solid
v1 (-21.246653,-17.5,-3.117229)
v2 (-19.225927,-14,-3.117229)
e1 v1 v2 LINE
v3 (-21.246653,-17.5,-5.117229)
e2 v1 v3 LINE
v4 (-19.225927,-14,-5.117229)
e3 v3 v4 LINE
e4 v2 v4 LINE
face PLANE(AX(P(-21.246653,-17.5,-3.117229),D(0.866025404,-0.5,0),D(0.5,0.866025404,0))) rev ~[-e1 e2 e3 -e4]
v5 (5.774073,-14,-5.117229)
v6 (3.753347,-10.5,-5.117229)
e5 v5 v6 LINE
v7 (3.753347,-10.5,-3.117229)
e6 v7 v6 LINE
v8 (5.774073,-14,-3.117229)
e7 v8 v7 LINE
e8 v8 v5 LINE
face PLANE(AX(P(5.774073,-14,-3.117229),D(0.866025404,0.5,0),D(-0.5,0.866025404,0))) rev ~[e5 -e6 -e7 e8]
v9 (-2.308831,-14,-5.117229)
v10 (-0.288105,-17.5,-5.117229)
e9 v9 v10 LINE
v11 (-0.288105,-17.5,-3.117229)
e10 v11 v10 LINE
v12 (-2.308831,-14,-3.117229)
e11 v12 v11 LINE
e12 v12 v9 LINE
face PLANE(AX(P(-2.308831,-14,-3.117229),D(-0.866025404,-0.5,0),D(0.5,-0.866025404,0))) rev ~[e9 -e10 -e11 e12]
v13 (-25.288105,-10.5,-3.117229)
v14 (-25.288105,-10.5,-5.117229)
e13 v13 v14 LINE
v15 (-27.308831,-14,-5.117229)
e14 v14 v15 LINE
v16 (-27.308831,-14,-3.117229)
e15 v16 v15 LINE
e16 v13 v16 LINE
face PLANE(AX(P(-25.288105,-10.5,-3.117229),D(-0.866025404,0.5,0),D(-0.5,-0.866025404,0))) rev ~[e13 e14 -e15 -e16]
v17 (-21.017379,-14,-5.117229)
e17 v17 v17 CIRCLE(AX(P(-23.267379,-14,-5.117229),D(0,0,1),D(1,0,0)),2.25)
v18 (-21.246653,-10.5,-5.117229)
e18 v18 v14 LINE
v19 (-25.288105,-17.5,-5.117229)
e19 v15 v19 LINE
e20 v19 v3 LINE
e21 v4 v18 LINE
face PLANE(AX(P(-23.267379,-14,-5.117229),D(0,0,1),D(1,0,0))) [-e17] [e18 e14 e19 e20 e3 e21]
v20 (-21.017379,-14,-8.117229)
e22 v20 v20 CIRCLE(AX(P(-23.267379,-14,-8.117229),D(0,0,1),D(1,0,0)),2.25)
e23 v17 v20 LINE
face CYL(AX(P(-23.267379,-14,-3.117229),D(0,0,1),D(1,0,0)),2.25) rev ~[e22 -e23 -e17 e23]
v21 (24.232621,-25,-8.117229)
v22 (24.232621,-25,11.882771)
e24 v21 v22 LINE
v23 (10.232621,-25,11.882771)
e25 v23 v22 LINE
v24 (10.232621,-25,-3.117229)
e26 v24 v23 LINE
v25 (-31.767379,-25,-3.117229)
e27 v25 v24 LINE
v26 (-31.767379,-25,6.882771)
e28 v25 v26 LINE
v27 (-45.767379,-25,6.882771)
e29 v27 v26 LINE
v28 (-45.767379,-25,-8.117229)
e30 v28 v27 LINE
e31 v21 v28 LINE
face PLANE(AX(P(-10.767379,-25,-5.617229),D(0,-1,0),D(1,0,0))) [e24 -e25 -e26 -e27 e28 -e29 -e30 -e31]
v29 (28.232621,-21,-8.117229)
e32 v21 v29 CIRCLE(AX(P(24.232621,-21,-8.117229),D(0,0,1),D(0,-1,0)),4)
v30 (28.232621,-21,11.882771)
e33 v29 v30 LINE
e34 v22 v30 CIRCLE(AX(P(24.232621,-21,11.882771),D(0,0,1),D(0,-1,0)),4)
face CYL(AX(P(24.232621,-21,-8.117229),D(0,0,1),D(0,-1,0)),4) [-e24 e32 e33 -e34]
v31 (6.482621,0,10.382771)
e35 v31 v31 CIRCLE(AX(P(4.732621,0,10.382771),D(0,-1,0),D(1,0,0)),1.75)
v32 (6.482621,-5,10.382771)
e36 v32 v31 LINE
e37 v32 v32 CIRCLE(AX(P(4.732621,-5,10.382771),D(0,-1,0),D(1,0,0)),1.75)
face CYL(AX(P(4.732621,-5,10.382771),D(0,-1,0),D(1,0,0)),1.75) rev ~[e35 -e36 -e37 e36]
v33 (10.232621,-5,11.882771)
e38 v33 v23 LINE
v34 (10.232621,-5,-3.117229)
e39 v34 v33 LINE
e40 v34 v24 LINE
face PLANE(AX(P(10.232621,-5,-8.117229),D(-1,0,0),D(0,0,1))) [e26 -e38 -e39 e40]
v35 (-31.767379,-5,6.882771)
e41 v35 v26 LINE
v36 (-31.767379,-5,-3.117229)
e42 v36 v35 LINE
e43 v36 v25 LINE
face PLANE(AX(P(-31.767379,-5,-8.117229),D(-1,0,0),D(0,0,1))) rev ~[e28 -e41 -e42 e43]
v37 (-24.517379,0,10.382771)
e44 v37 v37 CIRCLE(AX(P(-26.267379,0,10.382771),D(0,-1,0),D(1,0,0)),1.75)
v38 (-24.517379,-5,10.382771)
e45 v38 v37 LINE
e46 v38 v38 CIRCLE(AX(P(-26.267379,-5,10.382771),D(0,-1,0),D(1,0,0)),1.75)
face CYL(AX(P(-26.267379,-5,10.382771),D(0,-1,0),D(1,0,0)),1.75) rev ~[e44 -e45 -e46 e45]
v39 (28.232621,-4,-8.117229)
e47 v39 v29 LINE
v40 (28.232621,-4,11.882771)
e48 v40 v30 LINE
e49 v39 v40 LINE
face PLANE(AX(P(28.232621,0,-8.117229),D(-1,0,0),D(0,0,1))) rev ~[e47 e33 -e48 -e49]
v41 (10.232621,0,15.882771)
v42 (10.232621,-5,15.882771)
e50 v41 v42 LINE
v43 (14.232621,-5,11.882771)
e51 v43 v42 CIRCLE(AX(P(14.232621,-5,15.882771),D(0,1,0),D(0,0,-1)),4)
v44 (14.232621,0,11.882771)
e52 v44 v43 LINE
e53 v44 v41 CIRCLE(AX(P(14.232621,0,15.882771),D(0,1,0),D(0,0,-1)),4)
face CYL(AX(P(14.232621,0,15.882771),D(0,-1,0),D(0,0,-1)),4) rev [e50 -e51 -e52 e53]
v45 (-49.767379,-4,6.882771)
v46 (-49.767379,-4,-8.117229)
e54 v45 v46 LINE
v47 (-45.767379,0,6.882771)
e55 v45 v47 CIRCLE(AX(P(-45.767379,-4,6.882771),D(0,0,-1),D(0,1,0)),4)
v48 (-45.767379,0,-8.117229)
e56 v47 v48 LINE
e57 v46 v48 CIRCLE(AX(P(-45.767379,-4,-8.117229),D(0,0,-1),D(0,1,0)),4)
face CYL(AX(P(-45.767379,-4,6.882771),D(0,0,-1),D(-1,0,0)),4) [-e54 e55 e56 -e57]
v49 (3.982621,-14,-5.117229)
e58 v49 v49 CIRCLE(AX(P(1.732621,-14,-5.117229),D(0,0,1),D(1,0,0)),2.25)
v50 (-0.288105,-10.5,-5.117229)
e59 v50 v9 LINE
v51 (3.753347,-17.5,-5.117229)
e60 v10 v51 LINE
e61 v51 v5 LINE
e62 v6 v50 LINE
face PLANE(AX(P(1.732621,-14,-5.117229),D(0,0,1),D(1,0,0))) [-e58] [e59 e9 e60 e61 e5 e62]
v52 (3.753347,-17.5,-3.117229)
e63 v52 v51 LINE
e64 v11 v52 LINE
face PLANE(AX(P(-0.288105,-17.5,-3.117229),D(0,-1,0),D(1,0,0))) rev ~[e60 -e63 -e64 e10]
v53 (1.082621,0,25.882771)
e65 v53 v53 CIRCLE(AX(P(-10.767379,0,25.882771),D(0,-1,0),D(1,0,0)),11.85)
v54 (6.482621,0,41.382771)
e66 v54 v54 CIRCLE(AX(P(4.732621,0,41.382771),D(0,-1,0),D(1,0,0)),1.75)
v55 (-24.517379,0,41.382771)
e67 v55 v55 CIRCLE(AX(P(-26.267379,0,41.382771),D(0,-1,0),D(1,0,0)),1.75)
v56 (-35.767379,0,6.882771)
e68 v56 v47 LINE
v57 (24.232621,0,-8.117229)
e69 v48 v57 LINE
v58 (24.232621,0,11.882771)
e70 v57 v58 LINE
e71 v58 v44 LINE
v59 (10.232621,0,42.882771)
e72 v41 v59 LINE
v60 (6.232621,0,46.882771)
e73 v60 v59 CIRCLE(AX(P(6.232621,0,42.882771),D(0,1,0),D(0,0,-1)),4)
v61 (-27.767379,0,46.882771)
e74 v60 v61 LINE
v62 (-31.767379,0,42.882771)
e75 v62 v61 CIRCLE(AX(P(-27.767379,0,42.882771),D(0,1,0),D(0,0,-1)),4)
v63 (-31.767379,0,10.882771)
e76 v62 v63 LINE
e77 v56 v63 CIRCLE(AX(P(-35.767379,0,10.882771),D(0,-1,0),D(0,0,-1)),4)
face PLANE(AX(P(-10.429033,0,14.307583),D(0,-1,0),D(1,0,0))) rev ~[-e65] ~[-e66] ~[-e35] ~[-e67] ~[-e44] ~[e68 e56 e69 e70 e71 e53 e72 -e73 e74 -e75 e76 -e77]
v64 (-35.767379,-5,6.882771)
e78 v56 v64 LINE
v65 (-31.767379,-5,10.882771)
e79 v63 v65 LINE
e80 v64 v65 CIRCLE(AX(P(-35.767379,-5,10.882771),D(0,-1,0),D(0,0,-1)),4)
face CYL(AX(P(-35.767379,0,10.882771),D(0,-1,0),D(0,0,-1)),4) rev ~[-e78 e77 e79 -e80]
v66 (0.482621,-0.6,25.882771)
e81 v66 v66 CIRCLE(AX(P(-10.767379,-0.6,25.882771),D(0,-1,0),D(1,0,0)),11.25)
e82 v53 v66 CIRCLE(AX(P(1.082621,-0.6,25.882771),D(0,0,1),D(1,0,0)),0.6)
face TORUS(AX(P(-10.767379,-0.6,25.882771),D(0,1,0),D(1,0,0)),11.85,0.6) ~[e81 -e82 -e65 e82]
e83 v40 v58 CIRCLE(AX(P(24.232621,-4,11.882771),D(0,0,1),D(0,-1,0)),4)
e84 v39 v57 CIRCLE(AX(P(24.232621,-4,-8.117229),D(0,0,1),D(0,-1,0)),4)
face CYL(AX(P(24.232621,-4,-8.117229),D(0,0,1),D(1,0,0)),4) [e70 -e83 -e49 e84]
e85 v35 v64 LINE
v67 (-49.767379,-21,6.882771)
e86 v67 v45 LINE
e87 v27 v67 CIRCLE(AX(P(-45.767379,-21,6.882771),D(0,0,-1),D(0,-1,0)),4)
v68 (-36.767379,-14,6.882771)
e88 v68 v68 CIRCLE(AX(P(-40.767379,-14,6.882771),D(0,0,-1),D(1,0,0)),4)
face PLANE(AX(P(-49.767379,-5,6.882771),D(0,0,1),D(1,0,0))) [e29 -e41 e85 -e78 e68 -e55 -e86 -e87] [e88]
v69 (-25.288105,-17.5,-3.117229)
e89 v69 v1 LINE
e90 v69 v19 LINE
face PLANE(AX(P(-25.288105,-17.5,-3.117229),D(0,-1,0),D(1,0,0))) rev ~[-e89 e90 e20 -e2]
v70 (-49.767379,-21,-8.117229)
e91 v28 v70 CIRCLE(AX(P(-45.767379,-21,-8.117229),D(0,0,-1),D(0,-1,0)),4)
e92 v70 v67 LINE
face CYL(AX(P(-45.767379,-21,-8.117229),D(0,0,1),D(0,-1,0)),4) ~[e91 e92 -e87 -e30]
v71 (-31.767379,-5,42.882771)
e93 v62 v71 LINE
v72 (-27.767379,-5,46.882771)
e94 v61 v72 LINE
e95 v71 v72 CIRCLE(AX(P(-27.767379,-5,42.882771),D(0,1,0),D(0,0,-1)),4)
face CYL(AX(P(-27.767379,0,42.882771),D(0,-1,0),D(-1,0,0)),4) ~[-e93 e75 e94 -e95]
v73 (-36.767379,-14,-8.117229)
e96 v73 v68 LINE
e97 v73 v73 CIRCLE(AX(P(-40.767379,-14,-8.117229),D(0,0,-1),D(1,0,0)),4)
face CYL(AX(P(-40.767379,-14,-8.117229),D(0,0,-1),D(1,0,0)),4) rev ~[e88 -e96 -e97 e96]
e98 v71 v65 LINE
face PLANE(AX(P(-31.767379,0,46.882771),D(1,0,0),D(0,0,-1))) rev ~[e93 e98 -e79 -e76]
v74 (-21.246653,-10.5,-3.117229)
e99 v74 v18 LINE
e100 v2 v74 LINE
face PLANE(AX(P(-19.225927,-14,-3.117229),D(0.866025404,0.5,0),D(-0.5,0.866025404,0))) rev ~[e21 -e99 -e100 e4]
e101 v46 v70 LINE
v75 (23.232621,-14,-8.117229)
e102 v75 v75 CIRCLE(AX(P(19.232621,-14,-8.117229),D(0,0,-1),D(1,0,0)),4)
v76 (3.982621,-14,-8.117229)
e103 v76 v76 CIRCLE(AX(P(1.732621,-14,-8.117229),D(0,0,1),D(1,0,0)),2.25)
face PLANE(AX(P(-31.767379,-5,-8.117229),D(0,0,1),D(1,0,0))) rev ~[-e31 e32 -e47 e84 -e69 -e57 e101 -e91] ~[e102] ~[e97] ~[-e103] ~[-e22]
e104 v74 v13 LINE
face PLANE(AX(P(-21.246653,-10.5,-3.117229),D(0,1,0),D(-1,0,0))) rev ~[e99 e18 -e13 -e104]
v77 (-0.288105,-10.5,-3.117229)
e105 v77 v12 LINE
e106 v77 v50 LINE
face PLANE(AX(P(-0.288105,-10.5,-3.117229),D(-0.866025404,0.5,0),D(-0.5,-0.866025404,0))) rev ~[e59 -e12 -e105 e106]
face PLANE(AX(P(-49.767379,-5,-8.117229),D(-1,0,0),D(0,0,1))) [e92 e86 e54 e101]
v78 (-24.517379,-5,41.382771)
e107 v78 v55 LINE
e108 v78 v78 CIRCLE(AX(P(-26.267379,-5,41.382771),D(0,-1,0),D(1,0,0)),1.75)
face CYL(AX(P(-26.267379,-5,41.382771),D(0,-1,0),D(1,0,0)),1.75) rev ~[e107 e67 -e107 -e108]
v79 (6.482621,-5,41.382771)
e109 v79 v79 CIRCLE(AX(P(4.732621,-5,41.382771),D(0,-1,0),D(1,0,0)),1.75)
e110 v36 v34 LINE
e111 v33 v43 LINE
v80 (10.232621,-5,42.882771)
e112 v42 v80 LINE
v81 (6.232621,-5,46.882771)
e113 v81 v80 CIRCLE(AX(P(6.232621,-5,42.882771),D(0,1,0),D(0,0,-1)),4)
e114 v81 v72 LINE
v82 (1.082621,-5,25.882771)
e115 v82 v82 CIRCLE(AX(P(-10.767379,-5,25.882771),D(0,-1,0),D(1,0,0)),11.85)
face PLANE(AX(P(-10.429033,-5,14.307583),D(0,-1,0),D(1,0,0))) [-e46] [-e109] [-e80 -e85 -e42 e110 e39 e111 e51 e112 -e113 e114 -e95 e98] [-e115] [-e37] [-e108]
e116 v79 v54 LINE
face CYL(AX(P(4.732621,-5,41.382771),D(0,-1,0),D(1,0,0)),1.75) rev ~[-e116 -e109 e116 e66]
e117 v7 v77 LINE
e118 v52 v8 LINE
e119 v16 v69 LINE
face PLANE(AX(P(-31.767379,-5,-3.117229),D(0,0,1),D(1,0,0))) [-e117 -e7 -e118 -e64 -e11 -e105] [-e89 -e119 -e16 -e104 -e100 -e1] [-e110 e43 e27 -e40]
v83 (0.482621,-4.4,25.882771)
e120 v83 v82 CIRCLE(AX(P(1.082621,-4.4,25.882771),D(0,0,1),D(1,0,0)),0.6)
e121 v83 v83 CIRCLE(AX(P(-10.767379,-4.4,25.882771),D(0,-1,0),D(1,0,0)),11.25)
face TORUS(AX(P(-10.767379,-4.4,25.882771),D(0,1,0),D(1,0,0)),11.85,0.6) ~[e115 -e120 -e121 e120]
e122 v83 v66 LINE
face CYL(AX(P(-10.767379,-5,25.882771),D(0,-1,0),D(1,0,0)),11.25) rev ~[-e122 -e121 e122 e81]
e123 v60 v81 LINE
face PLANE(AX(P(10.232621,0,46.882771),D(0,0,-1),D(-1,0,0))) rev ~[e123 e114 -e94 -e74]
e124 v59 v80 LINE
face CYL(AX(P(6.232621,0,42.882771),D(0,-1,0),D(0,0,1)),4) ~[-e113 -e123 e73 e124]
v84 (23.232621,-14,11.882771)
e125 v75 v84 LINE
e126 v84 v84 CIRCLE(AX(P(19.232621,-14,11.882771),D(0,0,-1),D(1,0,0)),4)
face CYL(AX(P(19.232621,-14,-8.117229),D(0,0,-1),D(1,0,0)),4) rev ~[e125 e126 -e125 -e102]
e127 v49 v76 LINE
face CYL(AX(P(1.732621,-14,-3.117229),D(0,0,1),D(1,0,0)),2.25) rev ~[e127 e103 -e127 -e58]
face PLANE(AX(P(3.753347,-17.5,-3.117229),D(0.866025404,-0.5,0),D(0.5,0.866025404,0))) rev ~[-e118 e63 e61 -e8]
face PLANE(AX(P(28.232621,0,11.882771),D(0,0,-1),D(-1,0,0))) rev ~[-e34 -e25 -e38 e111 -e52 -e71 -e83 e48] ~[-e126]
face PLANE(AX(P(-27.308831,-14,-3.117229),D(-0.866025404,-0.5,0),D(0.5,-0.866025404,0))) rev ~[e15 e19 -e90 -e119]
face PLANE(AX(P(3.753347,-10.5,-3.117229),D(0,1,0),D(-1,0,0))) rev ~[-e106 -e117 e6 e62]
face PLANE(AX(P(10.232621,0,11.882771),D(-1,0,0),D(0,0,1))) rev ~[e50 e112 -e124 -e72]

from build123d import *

# Parameters (mm, degrees)
F1_DEPTH  = 5
F2_W      = 18
F2_H      = 15
F2_H_2    = 20
F3_DEPTH  = 20
F4_R      = 4
F5_DEPTH  = 25
F6_R      = 1.75
F6_R_2    = 11.25
F7_DEPTH  = 25
F8_W      = 42
F8_H      = 5
F9_DEPTH  = 20
F10_R     = 2.25
F11_DEPTH = 25
F12_DEPTH = 2
F13_R     = 4
F14_R     = 0.6


with BuildPart() as f1:
    # F0 (on Front) → F1 (new body)
    with BuildSketch(Plane.XZ):
        Polygon((-49.7673791122, 6.8827710084), (-49.7673791122, -8.1172289916), (28.2326208878, -8.1172289916), (28.2326208878, 11.8827710084), (10.2326208878, 11.8827710084), (10.2326208878, 46.8827710084), (-31.7673791122, 46.8827710084), (-31.7673791122, 6.8827710084), align=None)
    extrude(amount=F1_DEPTH)

    # F2 (on face) → F3 (join)
    with BuildSketch(Plane.XZ.offset(5)):
        with Locations((-40.7673791122, -0.6172289916)):
            Rectangle(F2_W, F2_H)
        with Locations((19.2326208878, 1.8827710084)):
            Rectangle(F2_W, F2_H_2)
    extrude(amount=F3_DEPTH)

    # F4 (on face) → F5 (cut)
    with BuildSketch(Plane(origin=(0, 0, -8.1172289916), x_dir=(1, 0, 0), z_dir=(0, 0, -1))):
        with Locations((-40.7673791122, 14)):
            Circle(F4_R)
        with Locations((19.2326208878, 14)):
            Circle(F4_R)
    extrude(amount=-F5_DEPTH, mode=Mode.SUBTRACT)

    # F6 (on face) → F7 (cut)
    with BuildSketch(Plane.XZ.offset(5)):
        with Locations((-26.2673791122, 41.3827710084)):
            Circle(F6_R)
        with Locations((-26.2673791122, 10.3827710084)):
            Circle(F6_R)
        with Locations((-10.7673791122, 25.8827710084)):
            Circle(F6_R_2)
        with Locations((4.7326208878, 41.3827710084)):
            Circle(F6_R)
        with Locations((4.7326208878, 10.3827710084)):
            Circle(F6_R)
    extrude(amount=-F7_DEPTH, mode=Mode.SUBTRACT)

    # F8 (on face) → F9 (join)
    with BuildSketch(Plane.XZ.offset(5)):
        with Locations((-10.7673791122, -5.6172289916)):
            Rectangle(F8_W, F8_H)
    extrude(amount=F9_DEPTH)

    # F10 (on face) → F11 (cut)
    with BuildSketch(Plane.XY.offset(-3.1172289916)):
        with Locations((-23.2673791122, -14)):
            Circle(F10_R)
        with Locations((1.7326208878, -14)):
            Circle(F10_R)
    extrude(amount=-F11_DEPTH, mode=Mode.SUBTRACT)

    # F10 (on face) → F12 (cut)
    with BuildSketch(Plane.XY.offset(-3.1172289916)):
        Polygon((-21.24665317, -17.5), (-19.2259272279, -14), (-21.24665317, -10.5), (-25.2881050544, -10.5), (-27.3088309965, -14), (-25.2881050544, -17.5), align=None)
        with Locations((-23.2673791122, -14)):
            Circle(F10_R, mode=Mode.SUBTRACT)
        Polygon((3.75334683, -17.5), (5.7740727721, -14), (3.75334683, -10.5), (-0.2881050544, -10.5), (-2.3088309965, -14), (-0.2881050544, -17.5), align=None)
        with Locations((1.7326208878, -14)):
            Circle(F10_R, mode=Mode.SUBTRACT)
    extrude(amount=-F12_DEPTH, mode=Mode.SUBTRACT)

    # F13
    f13_edges = [f1.edges().sort_by_distance(p)[0] for p in [
        (-49.767379, -25, -0.617229),
        (28.232621, -25, 1.882771),
        (28.232621, 0, 1.882771),
        (-49.767379, 0, -0.617229),
        (-31.767379, -2.5, 46.882771),
        (10.232621, -2.5, 46.882771),
        (-31.767379, -2.5, 6.882771),
        (10.232621, -2.5, 11.882771),
    ]]
    fillet(f13_edges, radius=F13_R)

    # F14
    f14_edges = [f1.edges().sort_by_distance(p)[0] for p in [
        (-22.017379, 0, 25.882771),
        (-22.017379, -5, 25.882771),
    ]]
    fillet(f14_edges, radius=F14_R)


solid = f1.part
